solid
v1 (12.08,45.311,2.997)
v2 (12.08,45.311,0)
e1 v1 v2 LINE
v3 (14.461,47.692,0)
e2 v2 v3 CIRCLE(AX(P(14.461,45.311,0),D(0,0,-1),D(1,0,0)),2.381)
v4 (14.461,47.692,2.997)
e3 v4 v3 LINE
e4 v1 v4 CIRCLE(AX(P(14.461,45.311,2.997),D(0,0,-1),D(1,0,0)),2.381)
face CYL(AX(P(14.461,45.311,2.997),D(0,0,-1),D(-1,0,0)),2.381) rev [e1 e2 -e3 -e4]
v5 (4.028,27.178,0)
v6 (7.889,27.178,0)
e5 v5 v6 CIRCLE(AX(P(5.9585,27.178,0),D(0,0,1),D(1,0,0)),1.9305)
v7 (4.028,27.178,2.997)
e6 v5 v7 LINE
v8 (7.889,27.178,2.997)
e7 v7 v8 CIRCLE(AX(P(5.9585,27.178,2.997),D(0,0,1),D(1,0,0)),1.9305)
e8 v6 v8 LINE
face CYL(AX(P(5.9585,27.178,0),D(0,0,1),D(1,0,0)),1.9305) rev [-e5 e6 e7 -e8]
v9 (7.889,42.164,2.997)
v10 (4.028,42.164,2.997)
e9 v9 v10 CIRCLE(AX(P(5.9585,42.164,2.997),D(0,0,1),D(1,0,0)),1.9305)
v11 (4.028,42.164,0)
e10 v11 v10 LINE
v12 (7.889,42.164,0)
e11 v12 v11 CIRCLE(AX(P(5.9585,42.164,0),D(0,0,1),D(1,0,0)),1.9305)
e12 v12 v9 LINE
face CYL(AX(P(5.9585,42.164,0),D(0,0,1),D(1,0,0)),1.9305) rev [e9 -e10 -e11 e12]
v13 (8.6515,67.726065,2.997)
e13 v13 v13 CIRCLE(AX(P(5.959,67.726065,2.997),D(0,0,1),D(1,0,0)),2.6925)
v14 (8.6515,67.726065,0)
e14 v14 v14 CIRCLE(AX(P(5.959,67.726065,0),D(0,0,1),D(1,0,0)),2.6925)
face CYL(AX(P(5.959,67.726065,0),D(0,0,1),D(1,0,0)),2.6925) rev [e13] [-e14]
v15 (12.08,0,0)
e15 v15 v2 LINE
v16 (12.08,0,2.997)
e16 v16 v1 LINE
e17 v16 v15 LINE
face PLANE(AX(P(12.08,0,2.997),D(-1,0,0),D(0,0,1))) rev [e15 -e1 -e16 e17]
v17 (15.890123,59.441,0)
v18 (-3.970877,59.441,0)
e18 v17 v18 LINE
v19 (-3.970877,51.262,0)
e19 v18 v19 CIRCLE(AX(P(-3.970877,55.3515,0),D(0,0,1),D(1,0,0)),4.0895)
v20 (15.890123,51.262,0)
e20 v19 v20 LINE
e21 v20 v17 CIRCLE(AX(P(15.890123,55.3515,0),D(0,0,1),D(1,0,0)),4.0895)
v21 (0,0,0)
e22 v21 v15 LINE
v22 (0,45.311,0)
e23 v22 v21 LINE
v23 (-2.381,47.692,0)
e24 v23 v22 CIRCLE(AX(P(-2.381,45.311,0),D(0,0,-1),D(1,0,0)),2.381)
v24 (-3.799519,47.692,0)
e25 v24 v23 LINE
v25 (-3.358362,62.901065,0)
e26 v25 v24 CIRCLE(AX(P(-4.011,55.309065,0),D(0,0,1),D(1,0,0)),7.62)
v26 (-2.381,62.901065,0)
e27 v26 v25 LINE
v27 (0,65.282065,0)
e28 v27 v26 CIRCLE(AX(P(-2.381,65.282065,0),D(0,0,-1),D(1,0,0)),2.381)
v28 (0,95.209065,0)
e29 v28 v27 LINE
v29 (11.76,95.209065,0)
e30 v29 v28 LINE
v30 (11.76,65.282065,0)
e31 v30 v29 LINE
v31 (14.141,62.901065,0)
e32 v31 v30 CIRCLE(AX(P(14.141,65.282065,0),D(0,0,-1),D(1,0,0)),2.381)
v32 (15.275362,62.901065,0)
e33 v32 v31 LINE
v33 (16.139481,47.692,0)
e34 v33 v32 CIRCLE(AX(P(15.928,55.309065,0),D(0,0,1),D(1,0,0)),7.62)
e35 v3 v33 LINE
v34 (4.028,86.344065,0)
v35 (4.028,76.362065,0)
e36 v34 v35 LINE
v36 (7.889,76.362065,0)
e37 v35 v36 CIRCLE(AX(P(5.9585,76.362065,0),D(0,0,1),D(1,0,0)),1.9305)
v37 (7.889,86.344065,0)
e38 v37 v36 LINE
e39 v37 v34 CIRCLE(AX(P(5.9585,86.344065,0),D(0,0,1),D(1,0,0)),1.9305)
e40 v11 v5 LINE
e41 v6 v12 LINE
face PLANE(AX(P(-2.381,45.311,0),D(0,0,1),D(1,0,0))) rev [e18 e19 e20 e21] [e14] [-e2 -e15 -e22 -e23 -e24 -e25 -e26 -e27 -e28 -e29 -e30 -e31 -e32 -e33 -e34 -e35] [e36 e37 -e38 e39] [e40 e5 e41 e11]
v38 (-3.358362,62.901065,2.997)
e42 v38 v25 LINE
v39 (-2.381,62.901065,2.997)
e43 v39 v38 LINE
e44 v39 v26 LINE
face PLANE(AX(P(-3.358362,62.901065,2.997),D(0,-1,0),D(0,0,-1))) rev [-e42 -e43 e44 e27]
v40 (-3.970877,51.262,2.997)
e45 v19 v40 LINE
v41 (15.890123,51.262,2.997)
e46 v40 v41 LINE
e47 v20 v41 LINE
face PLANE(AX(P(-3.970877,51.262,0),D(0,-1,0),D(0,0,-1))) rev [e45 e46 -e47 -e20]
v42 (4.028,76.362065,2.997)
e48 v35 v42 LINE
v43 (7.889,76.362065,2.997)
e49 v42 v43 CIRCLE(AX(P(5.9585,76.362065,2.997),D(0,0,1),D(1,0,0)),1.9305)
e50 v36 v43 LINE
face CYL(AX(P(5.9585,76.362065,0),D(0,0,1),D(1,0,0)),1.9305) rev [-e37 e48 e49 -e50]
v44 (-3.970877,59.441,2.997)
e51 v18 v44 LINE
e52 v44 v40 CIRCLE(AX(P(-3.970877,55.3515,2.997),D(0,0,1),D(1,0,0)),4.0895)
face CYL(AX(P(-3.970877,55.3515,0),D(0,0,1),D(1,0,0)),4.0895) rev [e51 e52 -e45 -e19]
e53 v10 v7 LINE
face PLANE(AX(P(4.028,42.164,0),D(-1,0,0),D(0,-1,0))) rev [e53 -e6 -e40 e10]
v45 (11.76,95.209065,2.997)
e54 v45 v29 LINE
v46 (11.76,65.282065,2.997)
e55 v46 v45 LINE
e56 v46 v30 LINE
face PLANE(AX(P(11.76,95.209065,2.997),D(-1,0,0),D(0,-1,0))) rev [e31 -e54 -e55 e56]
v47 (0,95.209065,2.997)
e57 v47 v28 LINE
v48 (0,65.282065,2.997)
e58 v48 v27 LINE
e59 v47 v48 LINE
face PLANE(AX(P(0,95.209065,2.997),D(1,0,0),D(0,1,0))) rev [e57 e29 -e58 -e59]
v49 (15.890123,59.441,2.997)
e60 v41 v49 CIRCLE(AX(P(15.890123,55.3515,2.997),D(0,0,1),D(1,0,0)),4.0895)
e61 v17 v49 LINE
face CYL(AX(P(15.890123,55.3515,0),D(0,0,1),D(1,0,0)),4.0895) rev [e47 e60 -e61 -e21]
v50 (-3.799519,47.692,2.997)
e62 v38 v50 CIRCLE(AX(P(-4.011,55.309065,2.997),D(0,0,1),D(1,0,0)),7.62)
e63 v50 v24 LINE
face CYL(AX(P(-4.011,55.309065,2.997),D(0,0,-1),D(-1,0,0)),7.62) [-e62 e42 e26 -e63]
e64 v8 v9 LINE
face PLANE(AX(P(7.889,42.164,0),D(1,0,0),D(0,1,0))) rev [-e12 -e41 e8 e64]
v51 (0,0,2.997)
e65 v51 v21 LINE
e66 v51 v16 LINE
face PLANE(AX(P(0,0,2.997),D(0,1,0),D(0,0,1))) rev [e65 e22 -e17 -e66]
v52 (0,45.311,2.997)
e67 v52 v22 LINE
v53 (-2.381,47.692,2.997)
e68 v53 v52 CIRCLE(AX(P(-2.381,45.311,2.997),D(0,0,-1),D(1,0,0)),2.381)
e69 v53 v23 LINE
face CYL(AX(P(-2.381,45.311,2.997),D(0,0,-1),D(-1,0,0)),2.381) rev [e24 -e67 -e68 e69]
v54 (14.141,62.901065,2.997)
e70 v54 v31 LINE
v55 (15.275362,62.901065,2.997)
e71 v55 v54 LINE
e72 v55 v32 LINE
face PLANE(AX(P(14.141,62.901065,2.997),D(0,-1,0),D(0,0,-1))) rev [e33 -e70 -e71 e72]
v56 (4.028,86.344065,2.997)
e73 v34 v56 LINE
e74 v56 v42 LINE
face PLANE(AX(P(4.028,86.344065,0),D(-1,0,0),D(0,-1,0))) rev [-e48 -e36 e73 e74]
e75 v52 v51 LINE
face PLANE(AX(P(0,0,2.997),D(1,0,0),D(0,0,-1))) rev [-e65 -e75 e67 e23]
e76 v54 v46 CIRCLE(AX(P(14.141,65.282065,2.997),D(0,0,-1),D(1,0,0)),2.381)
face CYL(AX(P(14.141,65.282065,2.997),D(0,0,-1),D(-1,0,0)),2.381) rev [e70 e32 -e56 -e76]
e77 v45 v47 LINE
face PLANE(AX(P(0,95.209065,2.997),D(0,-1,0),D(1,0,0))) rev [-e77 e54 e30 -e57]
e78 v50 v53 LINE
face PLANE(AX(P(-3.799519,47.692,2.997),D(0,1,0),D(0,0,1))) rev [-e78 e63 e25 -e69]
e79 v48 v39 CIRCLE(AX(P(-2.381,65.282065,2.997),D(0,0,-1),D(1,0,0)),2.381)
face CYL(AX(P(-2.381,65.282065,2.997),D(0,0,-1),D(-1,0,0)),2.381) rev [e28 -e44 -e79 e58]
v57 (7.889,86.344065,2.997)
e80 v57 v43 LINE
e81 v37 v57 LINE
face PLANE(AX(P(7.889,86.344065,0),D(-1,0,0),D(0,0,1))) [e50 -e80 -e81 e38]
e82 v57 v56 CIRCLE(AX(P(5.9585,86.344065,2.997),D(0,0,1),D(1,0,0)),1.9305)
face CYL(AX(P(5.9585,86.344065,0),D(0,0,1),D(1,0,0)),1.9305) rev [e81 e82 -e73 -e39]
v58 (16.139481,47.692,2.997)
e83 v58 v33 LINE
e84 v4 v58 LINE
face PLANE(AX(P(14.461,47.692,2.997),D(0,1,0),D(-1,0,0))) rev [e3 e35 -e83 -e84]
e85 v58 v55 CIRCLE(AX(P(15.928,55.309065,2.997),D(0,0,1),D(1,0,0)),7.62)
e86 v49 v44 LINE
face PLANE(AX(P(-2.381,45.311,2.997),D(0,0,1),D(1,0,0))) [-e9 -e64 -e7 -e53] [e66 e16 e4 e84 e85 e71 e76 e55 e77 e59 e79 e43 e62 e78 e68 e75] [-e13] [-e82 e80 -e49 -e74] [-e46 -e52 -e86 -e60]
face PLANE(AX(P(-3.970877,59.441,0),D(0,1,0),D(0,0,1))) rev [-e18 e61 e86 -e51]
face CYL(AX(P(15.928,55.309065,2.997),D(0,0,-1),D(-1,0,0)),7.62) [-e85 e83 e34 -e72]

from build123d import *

# Parameters (mm, degrees)
BOSS_EXTRUDE1_DEPTH = 2.997
SKETCH2_R           = 2.6925
CUT_EXTRUDE1_DEPTH  = 99.123678721
CUT_EXTRUDE2_DEPTH  = 99.123678721
CUT_EXTRUDE3_DEPTH  = 99.123678721
CUT_EXTRUDE4_DEPTH  = 99.123678721


with BuildPart() as part:
    # Sketch1 → Boss-Extrude1 (new body)
    with BuildSketch(Plane.XY):
        with BuildLine():
            Line((0, 0), (12.08, 0))
            Line((12.08, 0), (12.08, 45.311))
            ThreePointArc((12.08, 45.311), (12.777378754, 46.994621246), (14.461, 47.692))
            Line((14.461, 47.692), (16.139481493, 47.692))
            ThreePointArc((16.139481493, 47.692), (23.535730768, 55.74130609), (15.275362275, 62.901064761))
            Line((15.275362275, 62.901064761), (14.141, 62.901064761))
            ThreePointArc((14.141, 62.901064761), (12.457378754, 63.598443515), (11.76, 65.282064761))
            Line((11.76, 65.282064761), (11.76, 95.209064761))
            Line((11.76, 95.209064761), (0, 95.209064761))
            Line((0, 95.209064761), (0, 65.282064761))
            ThreePointArc((0, 65.282064761), (-0.697378754, 63.598443515), (-2.381, 62.901064761))
            Line((-2.381, 62.901064761), (-3.358362275, 62.901064761))
            ThreePointArc((-3.358362275, 62.901064761), (-11.627796455, 55.52999861), (-3.799518507, 47.692))
            Line((-3.799518507, 47.692), (-2.381, 47.692))
            ThreePointArc((-2.381, 47.692), (-0.697378754, 46.994621246), (0, 45.311))
            Line((0, 45.311), (0, 0))
        make_face()
    extrude(amount=BOSS_EXTRUDE1_DEPTH)

    # Sketch2 → Cut-Extrude1 (cut, through all)
    with BuildSketch(Plane.XY.offset(2.997)):
        with Locations((5.959, 67.726064761)):
            Circle(SKETCH2_R)
    extrude(amount=-CUT_EXTRUDE1_DEPTH, mode=Mode.SUBTRACT)

    # Sketch3 → Cut-Extrude2 (cut, through all)
    with BuildSketch(Plane.XY.offset(2.997)):
        with BuildLine():
            Line((-3.970876758, 59.441), (15.890123242, 59.441))
            ThreePointArc((15.890123242, 59.441), (19.979623242, 55.3515), (15.890123242, 51.262))
            Line((15.890123242, 51.262), (-3.970876758, 51.262))
            ThreePointArc((-3.970876758, 51.262), (-8.060376758, 55.3515), (-3.970876758, 59.441))
        make_face()
    extrude(amount=-CUT_EXTRUDE2_DEPTH, mode=Mode.SUBTRACT)

    # Sketch4 → Cut-Extrude3 (cut, through all)
    with BuildSketch(Plane.XY.offset(2.997)):
        with BuildLine():
            Line((7.889, 86.344064761), (7.889, 76.362064761))
            ThreePointArc((7.889, 76.362064761), (5.9585, 74.431564761), (4.028, 76.362064761))
            Line((4.028, 76.362064761), (4.028, 86.344064761))
            ThreePointArc((4.028, 86.344064761), (5.9585, 88.274564761), (7.889, 86.344064761))
        make_face()
    extrude(amount=-CUT_EXTRUDE3_DEPTH, mode=Mode.SUBTRACT)

    # Sketch5 → Cut-Extrude4 (cut, through all)
    with BuildSketch(Plane.XY.offset(2.997)):
        with BuildLine():
            Line((7.889, 42.164), (7.889, 27.178))
            ThreePointArc((7.889, 27.178), (5.9585, 25.2475), (4.028, 27.178))
            Line((4.028, 27.178), (4.028, 42.164))
            ThreePointArc((4.028, 42.164), (5.9585, 44.0945), (7.889, 42.164))
        make_face()
    extrude(amount=-CUT_EXTRUDE4_DEPTH, mode=Mode.SUBTRACT)


solid = part.part
